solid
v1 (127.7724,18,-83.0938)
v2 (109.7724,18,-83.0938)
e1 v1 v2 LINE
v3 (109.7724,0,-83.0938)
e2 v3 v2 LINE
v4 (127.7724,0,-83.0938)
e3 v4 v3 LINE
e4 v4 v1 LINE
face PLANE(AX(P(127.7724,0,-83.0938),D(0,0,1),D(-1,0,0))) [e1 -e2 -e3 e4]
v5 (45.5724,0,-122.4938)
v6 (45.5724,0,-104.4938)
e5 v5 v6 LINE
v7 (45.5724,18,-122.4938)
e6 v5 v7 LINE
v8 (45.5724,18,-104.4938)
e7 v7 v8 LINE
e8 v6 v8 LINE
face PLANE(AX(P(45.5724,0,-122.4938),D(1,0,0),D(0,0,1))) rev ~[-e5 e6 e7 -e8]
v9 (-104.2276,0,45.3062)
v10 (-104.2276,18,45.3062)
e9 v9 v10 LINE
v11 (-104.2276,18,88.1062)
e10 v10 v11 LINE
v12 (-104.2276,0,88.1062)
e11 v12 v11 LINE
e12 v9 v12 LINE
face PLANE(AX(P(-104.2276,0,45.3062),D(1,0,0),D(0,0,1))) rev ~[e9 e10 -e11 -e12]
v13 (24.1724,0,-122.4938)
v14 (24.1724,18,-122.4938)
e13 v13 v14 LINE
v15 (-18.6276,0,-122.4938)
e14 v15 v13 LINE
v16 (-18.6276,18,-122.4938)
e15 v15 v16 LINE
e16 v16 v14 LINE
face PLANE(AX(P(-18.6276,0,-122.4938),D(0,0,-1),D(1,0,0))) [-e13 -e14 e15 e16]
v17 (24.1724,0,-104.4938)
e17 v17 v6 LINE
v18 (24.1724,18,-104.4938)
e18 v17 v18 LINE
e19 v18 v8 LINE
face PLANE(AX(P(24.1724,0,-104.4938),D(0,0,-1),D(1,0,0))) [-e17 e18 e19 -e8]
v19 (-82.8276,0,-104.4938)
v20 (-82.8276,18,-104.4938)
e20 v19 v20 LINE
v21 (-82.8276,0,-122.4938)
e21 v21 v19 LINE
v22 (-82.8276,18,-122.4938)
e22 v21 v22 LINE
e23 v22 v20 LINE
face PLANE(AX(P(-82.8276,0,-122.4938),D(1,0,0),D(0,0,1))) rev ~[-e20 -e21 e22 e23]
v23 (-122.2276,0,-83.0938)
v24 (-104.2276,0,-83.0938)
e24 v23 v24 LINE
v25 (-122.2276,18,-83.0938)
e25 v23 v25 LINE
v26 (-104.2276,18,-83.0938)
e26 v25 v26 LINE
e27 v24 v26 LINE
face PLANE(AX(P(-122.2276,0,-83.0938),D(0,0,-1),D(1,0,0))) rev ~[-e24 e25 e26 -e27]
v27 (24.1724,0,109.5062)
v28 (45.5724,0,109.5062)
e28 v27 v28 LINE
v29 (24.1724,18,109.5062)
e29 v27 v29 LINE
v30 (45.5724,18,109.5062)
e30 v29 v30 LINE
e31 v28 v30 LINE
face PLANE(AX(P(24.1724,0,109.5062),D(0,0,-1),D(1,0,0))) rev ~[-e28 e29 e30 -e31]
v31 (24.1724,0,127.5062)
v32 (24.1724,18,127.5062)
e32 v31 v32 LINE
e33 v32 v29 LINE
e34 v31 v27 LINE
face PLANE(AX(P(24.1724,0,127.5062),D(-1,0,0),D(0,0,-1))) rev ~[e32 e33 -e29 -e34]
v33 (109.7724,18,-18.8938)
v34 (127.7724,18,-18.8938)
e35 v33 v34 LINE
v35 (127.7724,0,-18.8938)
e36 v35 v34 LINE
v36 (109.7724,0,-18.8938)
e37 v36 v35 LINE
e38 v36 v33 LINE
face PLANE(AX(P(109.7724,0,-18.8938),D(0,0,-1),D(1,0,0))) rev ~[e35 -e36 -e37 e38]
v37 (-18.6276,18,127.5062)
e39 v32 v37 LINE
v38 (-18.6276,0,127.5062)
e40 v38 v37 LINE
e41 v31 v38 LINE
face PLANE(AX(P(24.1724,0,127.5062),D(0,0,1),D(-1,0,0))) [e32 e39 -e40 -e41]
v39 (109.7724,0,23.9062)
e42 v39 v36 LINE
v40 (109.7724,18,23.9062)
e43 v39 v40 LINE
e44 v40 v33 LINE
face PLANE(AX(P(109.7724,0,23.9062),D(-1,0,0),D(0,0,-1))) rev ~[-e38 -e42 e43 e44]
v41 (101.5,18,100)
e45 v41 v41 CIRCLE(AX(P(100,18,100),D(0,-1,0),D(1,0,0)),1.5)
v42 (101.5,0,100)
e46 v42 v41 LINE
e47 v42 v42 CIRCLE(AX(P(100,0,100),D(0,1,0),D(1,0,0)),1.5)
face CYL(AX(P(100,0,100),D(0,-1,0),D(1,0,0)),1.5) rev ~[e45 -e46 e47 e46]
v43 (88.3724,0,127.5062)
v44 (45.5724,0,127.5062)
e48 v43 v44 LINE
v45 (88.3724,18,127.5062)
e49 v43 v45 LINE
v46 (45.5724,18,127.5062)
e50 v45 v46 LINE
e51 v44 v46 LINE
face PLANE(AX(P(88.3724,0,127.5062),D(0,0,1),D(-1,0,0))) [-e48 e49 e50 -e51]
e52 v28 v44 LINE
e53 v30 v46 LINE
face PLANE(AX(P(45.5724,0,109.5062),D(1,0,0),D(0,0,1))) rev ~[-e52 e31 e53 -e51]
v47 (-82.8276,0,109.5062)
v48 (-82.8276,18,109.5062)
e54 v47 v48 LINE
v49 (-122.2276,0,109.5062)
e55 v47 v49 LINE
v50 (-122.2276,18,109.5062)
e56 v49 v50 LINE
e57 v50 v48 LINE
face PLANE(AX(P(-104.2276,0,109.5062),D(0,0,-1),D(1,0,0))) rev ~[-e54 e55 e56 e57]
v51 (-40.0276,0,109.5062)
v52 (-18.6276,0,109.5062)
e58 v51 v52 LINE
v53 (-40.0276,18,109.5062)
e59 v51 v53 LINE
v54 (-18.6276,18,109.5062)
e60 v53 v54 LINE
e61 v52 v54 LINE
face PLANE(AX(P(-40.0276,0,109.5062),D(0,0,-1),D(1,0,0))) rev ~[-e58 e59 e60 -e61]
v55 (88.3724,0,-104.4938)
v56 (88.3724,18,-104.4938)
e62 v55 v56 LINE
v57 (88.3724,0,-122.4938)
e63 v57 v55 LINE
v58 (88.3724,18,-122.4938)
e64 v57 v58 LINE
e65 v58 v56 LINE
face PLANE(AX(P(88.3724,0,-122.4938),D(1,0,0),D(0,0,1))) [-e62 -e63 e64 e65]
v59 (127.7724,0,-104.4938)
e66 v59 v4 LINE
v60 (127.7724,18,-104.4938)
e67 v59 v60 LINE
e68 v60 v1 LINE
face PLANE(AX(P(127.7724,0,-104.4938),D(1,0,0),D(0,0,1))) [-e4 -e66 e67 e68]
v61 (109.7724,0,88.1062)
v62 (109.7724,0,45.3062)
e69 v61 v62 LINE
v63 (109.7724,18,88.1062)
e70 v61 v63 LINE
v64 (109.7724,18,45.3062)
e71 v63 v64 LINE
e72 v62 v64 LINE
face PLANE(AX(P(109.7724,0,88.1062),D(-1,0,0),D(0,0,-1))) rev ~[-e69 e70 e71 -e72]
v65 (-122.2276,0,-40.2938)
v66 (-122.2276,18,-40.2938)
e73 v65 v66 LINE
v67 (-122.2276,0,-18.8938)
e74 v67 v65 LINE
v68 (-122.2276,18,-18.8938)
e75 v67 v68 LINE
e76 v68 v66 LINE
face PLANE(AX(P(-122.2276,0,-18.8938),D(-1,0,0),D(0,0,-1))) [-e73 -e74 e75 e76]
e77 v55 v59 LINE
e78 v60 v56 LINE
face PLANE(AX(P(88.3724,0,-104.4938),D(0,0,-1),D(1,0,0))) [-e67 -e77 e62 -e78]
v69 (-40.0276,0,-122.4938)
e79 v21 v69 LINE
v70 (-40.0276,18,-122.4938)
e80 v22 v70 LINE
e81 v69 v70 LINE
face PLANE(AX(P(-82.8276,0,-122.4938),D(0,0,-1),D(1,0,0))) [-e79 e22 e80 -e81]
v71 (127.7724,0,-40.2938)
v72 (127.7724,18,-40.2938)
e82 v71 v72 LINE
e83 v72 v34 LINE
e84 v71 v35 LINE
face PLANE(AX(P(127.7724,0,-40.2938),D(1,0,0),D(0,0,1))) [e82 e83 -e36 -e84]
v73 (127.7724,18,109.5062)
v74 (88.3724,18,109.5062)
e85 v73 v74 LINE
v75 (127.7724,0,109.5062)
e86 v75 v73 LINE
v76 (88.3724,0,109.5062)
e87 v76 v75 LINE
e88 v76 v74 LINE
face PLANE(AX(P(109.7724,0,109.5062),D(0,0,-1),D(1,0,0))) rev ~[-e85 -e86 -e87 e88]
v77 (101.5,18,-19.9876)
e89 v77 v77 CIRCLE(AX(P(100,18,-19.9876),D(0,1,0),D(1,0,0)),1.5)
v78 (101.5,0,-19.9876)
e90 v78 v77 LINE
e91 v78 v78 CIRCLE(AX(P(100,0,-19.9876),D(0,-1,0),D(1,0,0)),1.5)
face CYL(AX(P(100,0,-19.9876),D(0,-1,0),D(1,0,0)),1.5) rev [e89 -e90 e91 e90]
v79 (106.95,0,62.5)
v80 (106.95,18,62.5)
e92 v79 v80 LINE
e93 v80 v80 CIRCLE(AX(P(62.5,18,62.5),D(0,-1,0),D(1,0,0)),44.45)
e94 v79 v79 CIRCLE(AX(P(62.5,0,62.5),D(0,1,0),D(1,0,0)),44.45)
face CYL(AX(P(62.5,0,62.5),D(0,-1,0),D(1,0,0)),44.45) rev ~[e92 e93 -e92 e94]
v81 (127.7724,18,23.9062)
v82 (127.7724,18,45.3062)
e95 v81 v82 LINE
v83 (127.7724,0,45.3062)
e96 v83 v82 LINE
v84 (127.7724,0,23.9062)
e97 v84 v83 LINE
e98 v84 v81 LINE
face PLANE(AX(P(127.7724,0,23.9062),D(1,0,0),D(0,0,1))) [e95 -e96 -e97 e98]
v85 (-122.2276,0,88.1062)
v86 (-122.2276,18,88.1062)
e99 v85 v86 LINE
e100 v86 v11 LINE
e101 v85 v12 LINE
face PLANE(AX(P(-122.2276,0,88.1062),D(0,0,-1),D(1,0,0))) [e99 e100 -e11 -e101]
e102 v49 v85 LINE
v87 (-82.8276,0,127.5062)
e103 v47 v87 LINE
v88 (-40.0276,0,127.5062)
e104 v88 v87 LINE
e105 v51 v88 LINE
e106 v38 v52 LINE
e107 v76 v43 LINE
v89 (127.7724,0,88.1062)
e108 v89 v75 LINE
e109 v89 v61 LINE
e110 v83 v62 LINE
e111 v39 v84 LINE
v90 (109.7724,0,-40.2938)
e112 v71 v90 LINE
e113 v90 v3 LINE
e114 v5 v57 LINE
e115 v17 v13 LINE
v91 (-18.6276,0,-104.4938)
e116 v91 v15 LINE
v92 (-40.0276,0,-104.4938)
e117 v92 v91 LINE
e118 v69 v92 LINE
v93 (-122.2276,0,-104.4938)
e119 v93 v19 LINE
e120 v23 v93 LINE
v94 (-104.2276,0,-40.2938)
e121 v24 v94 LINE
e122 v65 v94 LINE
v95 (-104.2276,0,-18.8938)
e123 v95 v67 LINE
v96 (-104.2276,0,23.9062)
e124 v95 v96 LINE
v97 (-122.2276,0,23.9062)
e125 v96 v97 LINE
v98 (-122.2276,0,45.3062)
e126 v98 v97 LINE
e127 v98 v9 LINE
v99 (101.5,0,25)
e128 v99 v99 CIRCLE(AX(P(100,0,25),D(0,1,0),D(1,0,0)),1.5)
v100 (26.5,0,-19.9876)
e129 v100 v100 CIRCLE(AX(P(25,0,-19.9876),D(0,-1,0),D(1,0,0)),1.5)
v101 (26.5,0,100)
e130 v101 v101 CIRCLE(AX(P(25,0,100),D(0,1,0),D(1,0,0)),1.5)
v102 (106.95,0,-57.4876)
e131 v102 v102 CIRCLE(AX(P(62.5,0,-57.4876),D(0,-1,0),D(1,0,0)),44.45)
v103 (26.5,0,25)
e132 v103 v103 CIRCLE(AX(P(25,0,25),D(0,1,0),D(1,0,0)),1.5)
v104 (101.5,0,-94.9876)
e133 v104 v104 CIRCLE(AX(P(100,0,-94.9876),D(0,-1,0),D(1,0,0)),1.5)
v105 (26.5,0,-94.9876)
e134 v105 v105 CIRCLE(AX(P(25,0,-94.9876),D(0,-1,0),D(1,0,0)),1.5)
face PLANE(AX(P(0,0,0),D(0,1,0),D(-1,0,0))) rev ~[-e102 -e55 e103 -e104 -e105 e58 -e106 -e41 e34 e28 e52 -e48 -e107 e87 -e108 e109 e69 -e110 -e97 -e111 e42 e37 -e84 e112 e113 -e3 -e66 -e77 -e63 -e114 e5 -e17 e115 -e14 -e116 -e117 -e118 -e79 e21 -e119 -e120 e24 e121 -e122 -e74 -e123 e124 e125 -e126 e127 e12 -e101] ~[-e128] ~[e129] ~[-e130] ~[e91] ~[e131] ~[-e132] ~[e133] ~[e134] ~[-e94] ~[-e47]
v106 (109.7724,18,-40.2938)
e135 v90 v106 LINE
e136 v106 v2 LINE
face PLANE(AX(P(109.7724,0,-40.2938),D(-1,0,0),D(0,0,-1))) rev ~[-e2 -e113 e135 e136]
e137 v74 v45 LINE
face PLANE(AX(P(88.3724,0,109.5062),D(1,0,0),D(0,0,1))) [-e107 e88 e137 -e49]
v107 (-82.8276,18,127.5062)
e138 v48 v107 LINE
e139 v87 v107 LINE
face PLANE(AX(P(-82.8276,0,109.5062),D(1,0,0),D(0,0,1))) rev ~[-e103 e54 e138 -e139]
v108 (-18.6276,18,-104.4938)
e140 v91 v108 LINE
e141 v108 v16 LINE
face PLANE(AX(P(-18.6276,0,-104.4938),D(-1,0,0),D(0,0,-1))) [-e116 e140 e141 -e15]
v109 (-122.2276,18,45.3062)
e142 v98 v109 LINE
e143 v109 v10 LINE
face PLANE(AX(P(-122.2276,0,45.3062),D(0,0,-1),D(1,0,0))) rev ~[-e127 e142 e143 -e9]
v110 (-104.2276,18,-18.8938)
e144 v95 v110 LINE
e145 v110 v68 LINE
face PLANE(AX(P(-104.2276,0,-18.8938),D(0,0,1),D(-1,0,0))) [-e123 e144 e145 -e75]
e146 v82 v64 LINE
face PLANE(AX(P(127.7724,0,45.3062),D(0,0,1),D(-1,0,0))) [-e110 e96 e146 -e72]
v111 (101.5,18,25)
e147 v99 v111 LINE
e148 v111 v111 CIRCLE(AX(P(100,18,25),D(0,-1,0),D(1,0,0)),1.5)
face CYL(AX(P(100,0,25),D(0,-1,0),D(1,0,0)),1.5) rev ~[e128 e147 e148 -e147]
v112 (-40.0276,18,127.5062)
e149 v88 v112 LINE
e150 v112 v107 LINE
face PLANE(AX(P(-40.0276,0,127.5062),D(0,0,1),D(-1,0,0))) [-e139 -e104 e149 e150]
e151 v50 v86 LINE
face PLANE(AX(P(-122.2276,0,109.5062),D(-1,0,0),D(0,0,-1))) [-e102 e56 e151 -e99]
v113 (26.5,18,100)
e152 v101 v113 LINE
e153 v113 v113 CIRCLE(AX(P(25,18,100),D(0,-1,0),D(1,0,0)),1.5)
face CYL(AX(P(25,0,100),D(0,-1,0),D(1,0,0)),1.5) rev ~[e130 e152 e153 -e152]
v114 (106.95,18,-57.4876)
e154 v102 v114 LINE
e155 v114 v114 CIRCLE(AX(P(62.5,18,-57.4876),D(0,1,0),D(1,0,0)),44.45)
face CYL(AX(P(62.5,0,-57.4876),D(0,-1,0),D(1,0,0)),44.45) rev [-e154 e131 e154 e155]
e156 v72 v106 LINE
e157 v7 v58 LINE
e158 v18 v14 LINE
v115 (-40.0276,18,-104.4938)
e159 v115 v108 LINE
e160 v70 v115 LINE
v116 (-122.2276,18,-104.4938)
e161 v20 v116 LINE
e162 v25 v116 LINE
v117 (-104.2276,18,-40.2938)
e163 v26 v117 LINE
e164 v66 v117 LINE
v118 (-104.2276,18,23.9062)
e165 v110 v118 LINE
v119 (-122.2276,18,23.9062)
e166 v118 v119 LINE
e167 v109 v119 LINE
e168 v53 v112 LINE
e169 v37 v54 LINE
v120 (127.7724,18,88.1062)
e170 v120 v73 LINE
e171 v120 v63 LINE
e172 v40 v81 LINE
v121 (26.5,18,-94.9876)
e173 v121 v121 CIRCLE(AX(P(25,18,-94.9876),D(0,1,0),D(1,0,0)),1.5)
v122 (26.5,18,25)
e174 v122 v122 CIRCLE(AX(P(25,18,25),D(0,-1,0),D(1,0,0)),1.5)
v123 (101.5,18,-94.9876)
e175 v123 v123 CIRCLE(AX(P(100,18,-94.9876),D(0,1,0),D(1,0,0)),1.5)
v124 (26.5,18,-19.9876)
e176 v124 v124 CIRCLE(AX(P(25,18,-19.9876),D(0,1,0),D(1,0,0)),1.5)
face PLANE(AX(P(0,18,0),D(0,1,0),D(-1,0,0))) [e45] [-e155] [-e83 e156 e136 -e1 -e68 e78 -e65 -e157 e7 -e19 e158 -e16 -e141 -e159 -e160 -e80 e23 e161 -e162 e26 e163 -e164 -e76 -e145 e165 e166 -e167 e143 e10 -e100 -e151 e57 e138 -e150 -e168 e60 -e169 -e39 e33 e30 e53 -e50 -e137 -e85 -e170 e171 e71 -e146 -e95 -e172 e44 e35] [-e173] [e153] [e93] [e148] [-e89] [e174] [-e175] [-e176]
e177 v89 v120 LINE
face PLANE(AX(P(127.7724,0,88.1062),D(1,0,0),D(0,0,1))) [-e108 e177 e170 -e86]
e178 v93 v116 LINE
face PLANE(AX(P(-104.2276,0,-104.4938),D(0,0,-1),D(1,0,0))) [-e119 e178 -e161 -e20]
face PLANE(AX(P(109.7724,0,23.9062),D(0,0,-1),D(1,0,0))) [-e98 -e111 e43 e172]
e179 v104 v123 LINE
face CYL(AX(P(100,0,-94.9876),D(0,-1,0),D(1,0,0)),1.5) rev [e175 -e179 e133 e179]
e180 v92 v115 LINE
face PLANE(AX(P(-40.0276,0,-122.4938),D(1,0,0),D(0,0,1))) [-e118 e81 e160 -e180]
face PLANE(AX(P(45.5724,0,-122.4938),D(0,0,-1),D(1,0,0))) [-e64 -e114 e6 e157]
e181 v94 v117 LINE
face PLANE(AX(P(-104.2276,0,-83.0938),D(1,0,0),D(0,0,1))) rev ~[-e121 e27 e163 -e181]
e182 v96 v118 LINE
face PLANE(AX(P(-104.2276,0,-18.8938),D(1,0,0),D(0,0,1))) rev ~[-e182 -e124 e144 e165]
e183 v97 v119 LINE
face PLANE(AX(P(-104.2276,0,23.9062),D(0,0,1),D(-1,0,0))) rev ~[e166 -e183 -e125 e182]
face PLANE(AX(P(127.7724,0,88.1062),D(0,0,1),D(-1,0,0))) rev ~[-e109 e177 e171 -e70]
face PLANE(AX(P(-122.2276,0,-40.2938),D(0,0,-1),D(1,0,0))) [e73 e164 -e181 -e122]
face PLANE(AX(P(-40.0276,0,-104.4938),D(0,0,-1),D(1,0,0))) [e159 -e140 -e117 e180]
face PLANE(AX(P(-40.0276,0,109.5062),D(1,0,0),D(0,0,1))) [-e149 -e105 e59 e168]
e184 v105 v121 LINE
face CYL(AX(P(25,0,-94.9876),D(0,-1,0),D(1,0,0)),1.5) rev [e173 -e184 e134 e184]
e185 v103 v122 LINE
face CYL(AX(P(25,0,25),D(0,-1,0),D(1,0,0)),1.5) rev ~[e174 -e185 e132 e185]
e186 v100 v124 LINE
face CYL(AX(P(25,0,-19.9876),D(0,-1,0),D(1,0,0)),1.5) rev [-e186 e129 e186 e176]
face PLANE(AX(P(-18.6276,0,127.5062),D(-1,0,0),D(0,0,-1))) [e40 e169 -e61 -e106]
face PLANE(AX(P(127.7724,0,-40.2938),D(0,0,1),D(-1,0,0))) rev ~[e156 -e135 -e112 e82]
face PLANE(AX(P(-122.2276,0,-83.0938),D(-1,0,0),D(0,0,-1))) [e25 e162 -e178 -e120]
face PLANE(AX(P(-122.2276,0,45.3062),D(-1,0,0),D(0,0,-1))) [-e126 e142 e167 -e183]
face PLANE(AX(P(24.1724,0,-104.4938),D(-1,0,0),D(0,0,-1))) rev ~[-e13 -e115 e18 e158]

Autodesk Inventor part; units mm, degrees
ref_plane "YZ Plane" through (0, 0, 0) normal (1, 0, 0) x (0, 1, 0)
ref_plane "XZ Plane" through (0, 0, 0) normal (0, 1, 0) x (-1, 0, 0)
ref_plane "XY Plane" through (0, 0, 0) normal (0, 0, 1) x (1, 0, 0)
sketch "Sketch1" plane through (0, 0, 0) normal (0, 1, 0) x (-1, 0, 0)
  line L0 (-127.7724, 127.5062) -> (122.2276, 127.5062)
  line L1 (122.2276, 127.5062) -> (122.2276, -122.4938)
  line L2 (122.2276, -122.4938) -> (-127.7724, -122.4938)
  line L3 (-127.7724, -122.4938) -> (-127.7724, 127.5062)
  line L4 (104.2276, -104.4938) -> (104.2276, 109.5062)
  line L5 (104.2276, -104.4938) -> (-109.7724, -104.4938)
  line L6 (-109.7724, -104.4938) -> (104.2276, -104.4938)
  line L7 (122.2276, 109.5062) -> (122.2276, 88.1062)
  line L8 (122.2276, 88.1062) -> (104.2276, 88.1062)
  line L9 (104.2276, 88.1062) -> (104.2276, 109.5062)
  line L10 (122.2276, 45.3062) -> (104.2276, 45.3062)
  line L11 (104.2276, 45.3062) -> (104.2276, 23.9062)
  line L12 (104.2276, 23.9062) -> (122.2276, 23.9062)
  line L13 (104.2276, -18.8938) -> (122.2276, -18.8938)
  line L14 (122.2276, -40.2938) -> (104.2276, -40.2938)
  line L15 (122.2276, -83.0938) -> (104.2276, -83.0938)
  line L16 (-127.7724, 127.5062) -> (-127.7724, 109.5062)
  line L17 (104.2276, 109.5062) -> (104.2276, 127.5062)
  line L18 (-127.7724, -83.0938) -> (-109.7724, -83.0938)
  line L19 (-127.7724, -40.2938) -> (-109.7724, -40.2938)
  line L20 (-109.7724, -18.8938) -> (-127.7724, -18.8938)
  line L21 (-109.7724, 23.9062) -> (-127.7724, 23.9062)
  line L22 (-127.7724, 45.3062) -> (-109.7724, 45.3062)
  line L23 (-127.7724, 88.1062) -> (-109.7724, 88.1062)
  line L24 (18.6276, -104.4938) -> (18.6276, -122.4938)
  line L25 (-24.1724, -104.4938) -> (-24.1724, -122.4938)
  line L26 (-45.5724, -122.4938) -> (-45.5724, -104.4938)
  line L27 (-88.3724, -122.4938) -> (-88.3724, -104.4938)
  line L28 (40.0276, -122.4938) -> (40.0276, -104.4938)
  line L29 (82.8276, -122.4938) -> (82.8276, -104.4938)
  line L30 (18.6276, 127.5062) -> (18.6276, 109.5062)
  line L31 (40.0276, 109.5062) -> (40.0276, 127.5062)
  line L32 (82.8276, 109.5062) -> (82.8276, 127.5062)
  line L33 (-45.5724, 109.5062) -> (-45.5724, 127.5062)
  line L34 (-88.3724, 109.5062) -> (-88.3724, 127.5062)
  line L35 (-24.1724, 127.5062) -> (-24.1724, 109.5062)
  line L36 (104.2276, 109.5062) -> (-109.7724, 109.5062)
  line L37 (-109.7724, 109.5062) -> (-109.7724, -104.4938)
  line L38 (-109.7724, 109.5062) -> (-127.7724, 109.5062)
  line L39 (-127.7724, 109.5062) -> (-127.7724, 127.5062)
  line L40 (-127.7724, 127.5062) -> (-109.7724, 127.5062)
  line L41 (-109.7724, 127.5062) -> (-109.7724, 109.5062)
  line L42 (-109.7724, -104.4938) -> (-127.7724, -104.4938)
  line L43 (-127.7724, -104.4938) -> (-127.7724, -122.4938)
  line L44 (-127.7724, -122.4938) -> (-109.7724, -122.4938)
  line L45 (-109.7724, -122.4938) -> (-109.7724, -104.4938)
  line L46 (104.2276, -104.4938) -> (122.2276, -104.4938)
  line L47 (122.2276, -104.4938) -> (122.2276, -122.4938)
  line L48 (122.2276, -122.4938) -> (104.2276, -122.4938)
  line L49 (104.2276, -122.4938) -> (104.2276, -104.4938)
  line L50 (104.2276, 109.5062) -> (122.2276, 109.5062)
  line L51 (122.2276, 109.5062) -> (122.2276, 127.5062)
  line L52 (122.2276, 127.5062) -> (104.2276, 127.5062)
  line L53 (104.2276, 127.5062) -> (104.2276, 109.5062)
  point P0 (0, 0)
  point P1 (-127.7724, -18.8938)
  point P2 (-109.7724, -104.4938)
  point P3 (-109.7724, -104.4938)
  dimension "d0" = 250
  dimension "d1" = 250
  dimension "d2" = 21.4
extrude "Plate1" add sketch "Sketch1" along normal blind 18 contours L38 L37 L23 L3 | L0 L33 L36 L34 | L36 L4 L5 L37 | L22 L37 L21 L3 | L0 L30 L36 L35 | L20 L37 L19 L3 | L0 L32 L36 L31 | L18 L37 L42 L3 | L50 L1 L8 L4 | L5 L26 L2 L27 | L10 L1 L12 L4 | L5 L24 L2 L25 | L13 L1 L14 L4 | L5 L29 L2 L28 | L15 L1 L46 L4
sketch "Sketch2" plane through (0, 0, 0) normal (0, -1, 0) x (1, 0, 0)
  line L0 (0, 0) -> (125, 0)
  line L1 (125, 0) -> (125, 125)
  line L2 (125, 125) -> (0, 125)
  line L3 (0, 125) -> (0, 0)
  line L4 (125, 125) -> (62.5, 125)
  line L5 (125, 62.5) -> (125, 125)
  circle A0 centre (62.5, 62.5) radius 44.45
  line L6 (25, 100) -> (100, 100)
  line L7 (100, 100) -> (100, 25)
  line L8 (100, 25) -> (25, 25)
  line L9 (25, 25) -> (25, 100)
  line L10 (25, 100) -> (100, 25) construction
  line L11 (100, 100) -> (25, 25) construction
  circle A1 centre (100, 100) radius 1.5
  circle A2 centre (100, 25) radius 1.5
  circle A3 centre (25, 25) radius 1.5
  circle A4 centre (25, 100) radius 1.5
  dimension "d4" = 125
  dimension "d5" = 125
  dimension "d6" = 88.9
  dimension "d7" = 75
  dimension "d8" = 75
  dimension "d9" = 3
  dimension "d10" = 3
  dimension "d11" = 3
  dimension "d12" = 3
extrude "Cut1" cut sketch "Sketch2" against normal blind 18 contours A0 L7 | L7 A0 L8 L9 L6 | L6 A0 | A1 L6 L7 | L7 L6 A1 | A0 L8 | A2 L8 L7 | L7 L8 A2 | L9 A0 | A4 L9 L6 | L6 L9 A4 | A3 L9 L8 | L8 L9 A3
ref_plane "Work Plane1" through (45.5724, 0, 2.5062) normal (0, 0, 1) x (1, 0, 0)
mirror "Mirror1" about plane through (45.5724, 0, 2.5062) normal (0, 0, 1) of "Cut1"
equation "\"d13\" = Thickness"
equation "\"d3\" = Thickness"
equation "\"BendRadius\" = Thickness"
equation "\"BendReliefWidth\" = Thickness"
equation "\"BendReliefDepth\" = 0.5 * Thickness"
equation "\"CornerReliefSize\" = 4 * Thickness"
equation "\"MinimumRemnant\" = 2 * Thickness"
equation "\"TransitionRadius\" = BendRadius"
equation "\"JacobiRadiusSize\" = BendRadius"
equation "\"GapSize\" = Thickness"
equation "\"Thickness\" = 18"
properties part number "4"
